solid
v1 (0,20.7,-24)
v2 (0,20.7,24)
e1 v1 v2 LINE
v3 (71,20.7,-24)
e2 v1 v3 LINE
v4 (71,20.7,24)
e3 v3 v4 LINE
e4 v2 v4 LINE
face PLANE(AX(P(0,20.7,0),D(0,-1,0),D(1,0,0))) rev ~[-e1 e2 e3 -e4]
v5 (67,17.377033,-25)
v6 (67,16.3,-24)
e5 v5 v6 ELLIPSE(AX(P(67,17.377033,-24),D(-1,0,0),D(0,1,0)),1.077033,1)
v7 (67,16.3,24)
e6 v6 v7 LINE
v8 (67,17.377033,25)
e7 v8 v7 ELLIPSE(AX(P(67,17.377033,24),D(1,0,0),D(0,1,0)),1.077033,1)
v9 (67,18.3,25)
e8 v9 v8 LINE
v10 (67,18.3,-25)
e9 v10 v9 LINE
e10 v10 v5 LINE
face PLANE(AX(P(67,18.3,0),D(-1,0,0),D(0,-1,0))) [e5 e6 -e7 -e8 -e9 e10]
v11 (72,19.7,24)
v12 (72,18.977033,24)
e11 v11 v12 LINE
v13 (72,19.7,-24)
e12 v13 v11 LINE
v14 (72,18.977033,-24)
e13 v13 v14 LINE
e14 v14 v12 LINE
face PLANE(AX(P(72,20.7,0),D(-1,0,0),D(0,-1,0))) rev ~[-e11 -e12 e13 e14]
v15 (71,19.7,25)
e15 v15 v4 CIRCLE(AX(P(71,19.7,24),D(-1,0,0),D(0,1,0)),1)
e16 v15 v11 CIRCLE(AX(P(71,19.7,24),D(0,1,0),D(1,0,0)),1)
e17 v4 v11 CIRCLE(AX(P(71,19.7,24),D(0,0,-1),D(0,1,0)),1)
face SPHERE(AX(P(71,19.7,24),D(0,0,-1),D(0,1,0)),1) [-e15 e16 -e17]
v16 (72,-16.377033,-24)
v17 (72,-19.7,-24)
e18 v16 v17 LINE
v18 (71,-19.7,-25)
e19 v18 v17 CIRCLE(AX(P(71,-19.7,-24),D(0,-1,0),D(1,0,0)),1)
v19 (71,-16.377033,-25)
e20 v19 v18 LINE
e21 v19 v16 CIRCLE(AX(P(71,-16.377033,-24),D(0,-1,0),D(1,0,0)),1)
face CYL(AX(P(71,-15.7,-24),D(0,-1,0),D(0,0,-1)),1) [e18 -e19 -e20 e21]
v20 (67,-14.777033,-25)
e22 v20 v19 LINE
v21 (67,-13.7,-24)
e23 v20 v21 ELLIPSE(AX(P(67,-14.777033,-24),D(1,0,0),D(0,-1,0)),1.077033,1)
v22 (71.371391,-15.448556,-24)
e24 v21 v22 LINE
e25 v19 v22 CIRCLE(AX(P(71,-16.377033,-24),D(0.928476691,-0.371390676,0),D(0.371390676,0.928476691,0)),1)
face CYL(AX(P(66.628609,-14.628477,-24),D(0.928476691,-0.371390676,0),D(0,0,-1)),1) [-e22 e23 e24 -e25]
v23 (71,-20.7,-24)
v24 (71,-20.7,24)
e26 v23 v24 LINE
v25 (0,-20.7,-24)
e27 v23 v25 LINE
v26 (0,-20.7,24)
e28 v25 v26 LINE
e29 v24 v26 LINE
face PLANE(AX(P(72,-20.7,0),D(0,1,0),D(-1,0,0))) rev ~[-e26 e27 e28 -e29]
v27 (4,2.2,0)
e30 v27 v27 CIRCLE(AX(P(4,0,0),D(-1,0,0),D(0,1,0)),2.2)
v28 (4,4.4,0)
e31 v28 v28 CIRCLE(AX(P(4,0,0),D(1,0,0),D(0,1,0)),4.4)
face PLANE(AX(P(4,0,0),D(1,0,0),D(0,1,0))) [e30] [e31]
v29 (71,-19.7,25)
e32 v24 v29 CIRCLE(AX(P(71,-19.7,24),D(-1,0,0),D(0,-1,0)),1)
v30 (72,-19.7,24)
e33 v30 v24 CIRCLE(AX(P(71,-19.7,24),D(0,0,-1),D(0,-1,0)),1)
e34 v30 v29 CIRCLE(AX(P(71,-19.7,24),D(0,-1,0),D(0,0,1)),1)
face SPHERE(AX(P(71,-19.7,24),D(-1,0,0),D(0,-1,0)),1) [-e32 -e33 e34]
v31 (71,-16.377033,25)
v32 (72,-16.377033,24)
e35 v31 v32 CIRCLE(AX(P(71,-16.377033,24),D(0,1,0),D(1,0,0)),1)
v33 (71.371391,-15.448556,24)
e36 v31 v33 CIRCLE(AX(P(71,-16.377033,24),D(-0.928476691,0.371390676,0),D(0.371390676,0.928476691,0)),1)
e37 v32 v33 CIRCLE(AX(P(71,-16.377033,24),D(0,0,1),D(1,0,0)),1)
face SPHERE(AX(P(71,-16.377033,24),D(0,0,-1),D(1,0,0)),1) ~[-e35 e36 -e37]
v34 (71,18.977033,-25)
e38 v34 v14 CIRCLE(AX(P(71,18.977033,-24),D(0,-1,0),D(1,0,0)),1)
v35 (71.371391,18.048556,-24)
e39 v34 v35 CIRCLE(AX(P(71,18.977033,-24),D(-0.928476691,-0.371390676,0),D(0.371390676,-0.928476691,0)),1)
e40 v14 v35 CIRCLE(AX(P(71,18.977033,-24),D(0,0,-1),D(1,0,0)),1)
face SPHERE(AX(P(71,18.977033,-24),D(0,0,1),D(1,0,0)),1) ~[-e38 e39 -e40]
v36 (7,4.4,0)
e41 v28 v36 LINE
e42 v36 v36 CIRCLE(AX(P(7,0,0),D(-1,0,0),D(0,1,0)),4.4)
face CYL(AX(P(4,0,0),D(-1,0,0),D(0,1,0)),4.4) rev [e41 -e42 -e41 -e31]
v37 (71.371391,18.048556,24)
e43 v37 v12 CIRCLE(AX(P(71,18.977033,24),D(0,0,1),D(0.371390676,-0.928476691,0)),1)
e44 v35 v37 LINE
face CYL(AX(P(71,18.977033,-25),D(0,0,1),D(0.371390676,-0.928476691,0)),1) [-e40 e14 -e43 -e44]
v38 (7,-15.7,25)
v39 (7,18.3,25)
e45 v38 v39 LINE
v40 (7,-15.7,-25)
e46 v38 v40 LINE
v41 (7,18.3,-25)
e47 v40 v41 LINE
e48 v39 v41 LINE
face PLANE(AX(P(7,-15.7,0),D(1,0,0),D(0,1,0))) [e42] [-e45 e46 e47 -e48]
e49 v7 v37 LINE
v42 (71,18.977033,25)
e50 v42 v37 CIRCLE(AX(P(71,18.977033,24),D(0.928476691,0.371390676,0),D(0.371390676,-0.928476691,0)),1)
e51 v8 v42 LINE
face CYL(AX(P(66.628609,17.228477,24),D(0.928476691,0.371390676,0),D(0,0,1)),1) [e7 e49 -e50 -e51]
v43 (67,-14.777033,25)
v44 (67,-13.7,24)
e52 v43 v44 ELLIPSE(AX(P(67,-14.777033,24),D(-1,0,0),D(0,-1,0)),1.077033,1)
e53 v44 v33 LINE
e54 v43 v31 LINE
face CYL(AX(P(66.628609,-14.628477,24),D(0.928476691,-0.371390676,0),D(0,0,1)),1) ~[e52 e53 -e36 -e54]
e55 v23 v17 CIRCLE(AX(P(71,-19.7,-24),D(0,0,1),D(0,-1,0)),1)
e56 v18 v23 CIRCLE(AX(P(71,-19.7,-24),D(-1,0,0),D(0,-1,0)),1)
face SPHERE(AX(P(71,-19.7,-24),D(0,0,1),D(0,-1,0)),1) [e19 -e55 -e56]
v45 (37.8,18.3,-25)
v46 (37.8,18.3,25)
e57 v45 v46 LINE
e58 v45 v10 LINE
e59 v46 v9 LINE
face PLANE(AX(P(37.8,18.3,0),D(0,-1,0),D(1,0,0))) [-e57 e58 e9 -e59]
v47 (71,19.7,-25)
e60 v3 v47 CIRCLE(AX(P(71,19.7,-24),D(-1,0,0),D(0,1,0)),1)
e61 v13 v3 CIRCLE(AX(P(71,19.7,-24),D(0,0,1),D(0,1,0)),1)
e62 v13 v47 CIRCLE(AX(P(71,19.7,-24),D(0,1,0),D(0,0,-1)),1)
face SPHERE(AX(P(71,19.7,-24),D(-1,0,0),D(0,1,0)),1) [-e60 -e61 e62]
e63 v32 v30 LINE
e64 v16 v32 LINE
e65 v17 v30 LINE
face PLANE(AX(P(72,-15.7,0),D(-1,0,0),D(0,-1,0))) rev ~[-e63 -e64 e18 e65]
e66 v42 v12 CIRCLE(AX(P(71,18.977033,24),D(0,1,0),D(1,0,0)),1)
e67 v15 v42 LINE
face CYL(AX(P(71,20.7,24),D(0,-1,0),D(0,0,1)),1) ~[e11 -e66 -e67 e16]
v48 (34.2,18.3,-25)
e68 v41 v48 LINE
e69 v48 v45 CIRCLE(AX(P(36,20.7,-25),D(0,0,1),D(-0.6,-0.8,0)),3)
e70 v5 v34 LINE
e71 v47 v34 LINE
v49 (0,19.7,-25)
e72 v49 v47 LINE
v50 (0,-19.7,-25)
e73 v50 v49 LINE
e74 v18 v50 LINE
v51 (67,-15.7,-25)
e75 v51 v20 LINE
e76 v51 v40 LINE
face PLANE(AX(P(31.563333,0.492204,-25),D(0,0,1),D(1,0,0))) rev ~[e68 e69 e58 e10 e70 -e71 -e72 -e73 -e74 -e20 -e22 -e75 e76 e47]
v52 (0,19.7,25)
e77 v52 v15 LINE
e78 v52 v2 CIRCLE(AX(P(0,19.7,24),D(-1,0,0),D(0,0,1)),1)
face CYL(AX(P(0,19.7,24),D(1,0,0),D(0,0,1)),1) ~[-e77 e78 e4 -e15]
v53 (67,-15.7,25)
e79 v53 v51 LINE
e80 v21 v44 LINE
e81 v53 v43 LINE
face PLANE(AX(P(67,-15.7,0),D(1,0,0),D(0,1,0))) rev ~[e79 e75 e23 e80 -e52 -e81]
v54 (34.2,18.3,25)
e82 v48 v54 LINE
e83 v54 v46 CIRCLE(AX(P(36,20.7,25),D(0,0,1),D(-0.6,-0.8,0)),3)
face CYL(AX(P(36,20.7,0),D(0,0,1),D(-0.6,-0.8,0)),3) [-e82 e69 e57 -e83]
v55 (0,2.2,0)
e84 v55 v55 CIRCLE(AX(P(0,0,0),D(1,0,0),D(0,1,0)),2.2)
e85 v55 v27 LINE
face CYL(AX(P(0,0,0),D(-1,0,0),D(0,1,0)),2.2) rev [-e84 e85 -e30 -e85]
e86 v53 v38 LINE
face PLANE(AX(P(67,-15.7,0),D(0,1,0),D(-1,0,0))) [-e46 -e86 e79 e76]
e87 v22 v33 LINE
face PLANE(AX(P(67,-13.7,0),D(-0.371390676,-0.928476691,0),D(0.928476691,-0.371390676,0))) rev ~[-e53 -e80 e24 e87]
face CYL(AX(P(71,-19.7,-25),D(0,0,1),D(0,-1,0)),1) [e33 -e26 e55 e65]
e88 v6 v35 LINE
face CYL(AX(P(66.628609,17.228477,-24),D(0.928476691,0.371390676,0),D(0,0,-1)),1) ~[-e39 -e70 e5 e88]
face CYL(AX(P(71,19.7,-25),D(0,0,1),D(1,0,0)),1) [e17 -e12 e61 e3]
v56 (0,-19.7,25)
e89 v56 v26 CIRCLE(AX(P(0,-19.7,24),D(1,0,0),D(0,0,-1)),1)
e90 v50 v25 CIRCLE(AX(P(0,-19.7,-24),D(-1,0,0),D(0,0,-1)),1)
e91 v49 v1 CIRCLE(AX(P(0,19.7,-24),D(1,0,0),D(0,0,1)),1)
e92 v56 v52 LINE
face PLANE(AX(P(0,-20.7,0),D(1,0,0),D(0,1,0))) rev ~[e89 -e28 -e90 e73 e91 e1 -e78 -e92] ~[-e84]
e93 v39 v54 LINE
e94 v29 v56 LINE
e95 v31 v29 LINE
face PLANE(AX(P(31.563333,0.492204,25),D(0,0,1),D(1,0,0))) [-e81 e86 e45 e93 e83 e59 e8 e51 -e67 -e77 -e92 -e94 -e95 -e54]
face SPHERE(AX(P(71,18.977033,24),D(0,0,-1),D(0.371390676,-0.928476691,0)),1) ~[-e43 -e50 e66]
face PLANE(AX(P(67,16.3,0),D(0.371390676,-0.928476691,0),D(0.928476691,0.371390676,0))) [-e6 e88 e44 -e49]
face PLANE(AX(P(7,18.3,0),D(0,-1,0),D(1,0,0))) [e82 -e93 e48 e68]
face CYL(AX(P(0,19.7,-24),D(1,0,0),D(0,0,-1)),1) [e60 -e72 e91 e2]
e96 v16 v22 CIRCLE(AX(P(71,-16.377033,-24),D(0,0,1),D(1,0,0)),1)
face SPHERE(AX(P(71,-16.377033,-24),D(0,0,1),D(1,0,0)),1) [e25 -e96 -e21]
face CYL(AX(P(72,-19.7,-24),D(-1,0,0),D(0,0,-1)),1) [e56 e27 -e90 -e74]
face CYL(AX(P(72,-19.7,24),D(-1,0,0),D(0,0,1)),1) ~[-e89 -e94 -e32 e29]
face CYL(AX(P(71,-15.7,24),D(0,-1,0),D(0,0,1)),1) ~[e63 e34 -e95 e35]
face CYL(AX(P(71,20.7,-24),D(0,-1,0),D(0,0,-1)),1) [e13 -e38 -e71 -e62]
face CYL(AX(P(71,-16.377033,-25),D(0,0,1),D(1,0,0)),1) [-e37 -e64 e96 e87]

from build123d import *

# Parameters (mm, degrees)
PAD005_DEPTH    = 25
SKETCH012_R     = 2.2
POCKET005_DEPTH = 72.001
SKETCH013_R     = 4.4
POCKET006_DEPTH = 68.001
FILLET003_R     = 1


with BuildPart() as part:
    # Sketch011 → Pad005 (new body, symmetric)
    with BuildSketch(Plane.XY):
        with BuildLine():
            Line((7, 18.3), (34.2, 18.3))
            ThreePointArc((34.2, 18.3), (36, 17.7), (37.8, 18.3))
            Line((37.8, 18.3), (67, 18.3))
            Line((67, 18.3), (67, 16.3))
            Line((67, 16.3), (72, 18.3))
            Line((72, 20.7), (72, 18.3))
            Line((0, 20.7), (72, 20.7))
            Line((0, -20.7), (0, 20.7))
            Line((72, -20.7), (0, -20.7))
            Line((72, -15.7), (72, -20.7))
            Line((67, -13.7), (72, -15.7))
            Line((67, -15.7), (67, -13.7))
            Line((67, -15.7), (7, -15.7))
            Line((7, -15.7), (7, 18.3))
        make_face()
    extrude(amount=PAD005_DEPTH, both=True)

    # Sketch012 → Pocket005 (cut, through all)
    with BuildSketch(Plane.YZ):
        Circle(SKETCH012_R)
    extrude(amount=POCKET005_DEPTH, mode=Mode.SUBTRACT)

    # Sketch013 → Pocket006 (cut, through all)
    with BuildSketch(Plane.YZ.offset(4)):
        Circle(SKETCH013_R)
    extrude(amount=POCKET006_DEPTH, mode=Mode.SUBTRACT)

    # Fillet003
    fillet003_edges = [part.edges().sort_by_distance(p)[0] for p in [
        (36, 20.7, -25),
        (72, 20.7, 0),
        (36, 20.7, 25),
        (36, -20.7, 25),
        (72, -20.7, 0),
        (36, -20.7, -25),
        (72, -15.7, 0),
        (72, 18.3, 0),
        (72, 19.5, -25),
        (72, -18.2, -25),
        (69.5, -14.7, -25),
        (72, -18.2, 25),
        (69.5, 17.3, -25),
        (69.5, 17.3, 25),
        (72, 19.5, 25),
        (69.5, -14.7, 25),
    ]]
    fillet(fillet003_edges, radius=FILLET003_R)


solid = part.part
